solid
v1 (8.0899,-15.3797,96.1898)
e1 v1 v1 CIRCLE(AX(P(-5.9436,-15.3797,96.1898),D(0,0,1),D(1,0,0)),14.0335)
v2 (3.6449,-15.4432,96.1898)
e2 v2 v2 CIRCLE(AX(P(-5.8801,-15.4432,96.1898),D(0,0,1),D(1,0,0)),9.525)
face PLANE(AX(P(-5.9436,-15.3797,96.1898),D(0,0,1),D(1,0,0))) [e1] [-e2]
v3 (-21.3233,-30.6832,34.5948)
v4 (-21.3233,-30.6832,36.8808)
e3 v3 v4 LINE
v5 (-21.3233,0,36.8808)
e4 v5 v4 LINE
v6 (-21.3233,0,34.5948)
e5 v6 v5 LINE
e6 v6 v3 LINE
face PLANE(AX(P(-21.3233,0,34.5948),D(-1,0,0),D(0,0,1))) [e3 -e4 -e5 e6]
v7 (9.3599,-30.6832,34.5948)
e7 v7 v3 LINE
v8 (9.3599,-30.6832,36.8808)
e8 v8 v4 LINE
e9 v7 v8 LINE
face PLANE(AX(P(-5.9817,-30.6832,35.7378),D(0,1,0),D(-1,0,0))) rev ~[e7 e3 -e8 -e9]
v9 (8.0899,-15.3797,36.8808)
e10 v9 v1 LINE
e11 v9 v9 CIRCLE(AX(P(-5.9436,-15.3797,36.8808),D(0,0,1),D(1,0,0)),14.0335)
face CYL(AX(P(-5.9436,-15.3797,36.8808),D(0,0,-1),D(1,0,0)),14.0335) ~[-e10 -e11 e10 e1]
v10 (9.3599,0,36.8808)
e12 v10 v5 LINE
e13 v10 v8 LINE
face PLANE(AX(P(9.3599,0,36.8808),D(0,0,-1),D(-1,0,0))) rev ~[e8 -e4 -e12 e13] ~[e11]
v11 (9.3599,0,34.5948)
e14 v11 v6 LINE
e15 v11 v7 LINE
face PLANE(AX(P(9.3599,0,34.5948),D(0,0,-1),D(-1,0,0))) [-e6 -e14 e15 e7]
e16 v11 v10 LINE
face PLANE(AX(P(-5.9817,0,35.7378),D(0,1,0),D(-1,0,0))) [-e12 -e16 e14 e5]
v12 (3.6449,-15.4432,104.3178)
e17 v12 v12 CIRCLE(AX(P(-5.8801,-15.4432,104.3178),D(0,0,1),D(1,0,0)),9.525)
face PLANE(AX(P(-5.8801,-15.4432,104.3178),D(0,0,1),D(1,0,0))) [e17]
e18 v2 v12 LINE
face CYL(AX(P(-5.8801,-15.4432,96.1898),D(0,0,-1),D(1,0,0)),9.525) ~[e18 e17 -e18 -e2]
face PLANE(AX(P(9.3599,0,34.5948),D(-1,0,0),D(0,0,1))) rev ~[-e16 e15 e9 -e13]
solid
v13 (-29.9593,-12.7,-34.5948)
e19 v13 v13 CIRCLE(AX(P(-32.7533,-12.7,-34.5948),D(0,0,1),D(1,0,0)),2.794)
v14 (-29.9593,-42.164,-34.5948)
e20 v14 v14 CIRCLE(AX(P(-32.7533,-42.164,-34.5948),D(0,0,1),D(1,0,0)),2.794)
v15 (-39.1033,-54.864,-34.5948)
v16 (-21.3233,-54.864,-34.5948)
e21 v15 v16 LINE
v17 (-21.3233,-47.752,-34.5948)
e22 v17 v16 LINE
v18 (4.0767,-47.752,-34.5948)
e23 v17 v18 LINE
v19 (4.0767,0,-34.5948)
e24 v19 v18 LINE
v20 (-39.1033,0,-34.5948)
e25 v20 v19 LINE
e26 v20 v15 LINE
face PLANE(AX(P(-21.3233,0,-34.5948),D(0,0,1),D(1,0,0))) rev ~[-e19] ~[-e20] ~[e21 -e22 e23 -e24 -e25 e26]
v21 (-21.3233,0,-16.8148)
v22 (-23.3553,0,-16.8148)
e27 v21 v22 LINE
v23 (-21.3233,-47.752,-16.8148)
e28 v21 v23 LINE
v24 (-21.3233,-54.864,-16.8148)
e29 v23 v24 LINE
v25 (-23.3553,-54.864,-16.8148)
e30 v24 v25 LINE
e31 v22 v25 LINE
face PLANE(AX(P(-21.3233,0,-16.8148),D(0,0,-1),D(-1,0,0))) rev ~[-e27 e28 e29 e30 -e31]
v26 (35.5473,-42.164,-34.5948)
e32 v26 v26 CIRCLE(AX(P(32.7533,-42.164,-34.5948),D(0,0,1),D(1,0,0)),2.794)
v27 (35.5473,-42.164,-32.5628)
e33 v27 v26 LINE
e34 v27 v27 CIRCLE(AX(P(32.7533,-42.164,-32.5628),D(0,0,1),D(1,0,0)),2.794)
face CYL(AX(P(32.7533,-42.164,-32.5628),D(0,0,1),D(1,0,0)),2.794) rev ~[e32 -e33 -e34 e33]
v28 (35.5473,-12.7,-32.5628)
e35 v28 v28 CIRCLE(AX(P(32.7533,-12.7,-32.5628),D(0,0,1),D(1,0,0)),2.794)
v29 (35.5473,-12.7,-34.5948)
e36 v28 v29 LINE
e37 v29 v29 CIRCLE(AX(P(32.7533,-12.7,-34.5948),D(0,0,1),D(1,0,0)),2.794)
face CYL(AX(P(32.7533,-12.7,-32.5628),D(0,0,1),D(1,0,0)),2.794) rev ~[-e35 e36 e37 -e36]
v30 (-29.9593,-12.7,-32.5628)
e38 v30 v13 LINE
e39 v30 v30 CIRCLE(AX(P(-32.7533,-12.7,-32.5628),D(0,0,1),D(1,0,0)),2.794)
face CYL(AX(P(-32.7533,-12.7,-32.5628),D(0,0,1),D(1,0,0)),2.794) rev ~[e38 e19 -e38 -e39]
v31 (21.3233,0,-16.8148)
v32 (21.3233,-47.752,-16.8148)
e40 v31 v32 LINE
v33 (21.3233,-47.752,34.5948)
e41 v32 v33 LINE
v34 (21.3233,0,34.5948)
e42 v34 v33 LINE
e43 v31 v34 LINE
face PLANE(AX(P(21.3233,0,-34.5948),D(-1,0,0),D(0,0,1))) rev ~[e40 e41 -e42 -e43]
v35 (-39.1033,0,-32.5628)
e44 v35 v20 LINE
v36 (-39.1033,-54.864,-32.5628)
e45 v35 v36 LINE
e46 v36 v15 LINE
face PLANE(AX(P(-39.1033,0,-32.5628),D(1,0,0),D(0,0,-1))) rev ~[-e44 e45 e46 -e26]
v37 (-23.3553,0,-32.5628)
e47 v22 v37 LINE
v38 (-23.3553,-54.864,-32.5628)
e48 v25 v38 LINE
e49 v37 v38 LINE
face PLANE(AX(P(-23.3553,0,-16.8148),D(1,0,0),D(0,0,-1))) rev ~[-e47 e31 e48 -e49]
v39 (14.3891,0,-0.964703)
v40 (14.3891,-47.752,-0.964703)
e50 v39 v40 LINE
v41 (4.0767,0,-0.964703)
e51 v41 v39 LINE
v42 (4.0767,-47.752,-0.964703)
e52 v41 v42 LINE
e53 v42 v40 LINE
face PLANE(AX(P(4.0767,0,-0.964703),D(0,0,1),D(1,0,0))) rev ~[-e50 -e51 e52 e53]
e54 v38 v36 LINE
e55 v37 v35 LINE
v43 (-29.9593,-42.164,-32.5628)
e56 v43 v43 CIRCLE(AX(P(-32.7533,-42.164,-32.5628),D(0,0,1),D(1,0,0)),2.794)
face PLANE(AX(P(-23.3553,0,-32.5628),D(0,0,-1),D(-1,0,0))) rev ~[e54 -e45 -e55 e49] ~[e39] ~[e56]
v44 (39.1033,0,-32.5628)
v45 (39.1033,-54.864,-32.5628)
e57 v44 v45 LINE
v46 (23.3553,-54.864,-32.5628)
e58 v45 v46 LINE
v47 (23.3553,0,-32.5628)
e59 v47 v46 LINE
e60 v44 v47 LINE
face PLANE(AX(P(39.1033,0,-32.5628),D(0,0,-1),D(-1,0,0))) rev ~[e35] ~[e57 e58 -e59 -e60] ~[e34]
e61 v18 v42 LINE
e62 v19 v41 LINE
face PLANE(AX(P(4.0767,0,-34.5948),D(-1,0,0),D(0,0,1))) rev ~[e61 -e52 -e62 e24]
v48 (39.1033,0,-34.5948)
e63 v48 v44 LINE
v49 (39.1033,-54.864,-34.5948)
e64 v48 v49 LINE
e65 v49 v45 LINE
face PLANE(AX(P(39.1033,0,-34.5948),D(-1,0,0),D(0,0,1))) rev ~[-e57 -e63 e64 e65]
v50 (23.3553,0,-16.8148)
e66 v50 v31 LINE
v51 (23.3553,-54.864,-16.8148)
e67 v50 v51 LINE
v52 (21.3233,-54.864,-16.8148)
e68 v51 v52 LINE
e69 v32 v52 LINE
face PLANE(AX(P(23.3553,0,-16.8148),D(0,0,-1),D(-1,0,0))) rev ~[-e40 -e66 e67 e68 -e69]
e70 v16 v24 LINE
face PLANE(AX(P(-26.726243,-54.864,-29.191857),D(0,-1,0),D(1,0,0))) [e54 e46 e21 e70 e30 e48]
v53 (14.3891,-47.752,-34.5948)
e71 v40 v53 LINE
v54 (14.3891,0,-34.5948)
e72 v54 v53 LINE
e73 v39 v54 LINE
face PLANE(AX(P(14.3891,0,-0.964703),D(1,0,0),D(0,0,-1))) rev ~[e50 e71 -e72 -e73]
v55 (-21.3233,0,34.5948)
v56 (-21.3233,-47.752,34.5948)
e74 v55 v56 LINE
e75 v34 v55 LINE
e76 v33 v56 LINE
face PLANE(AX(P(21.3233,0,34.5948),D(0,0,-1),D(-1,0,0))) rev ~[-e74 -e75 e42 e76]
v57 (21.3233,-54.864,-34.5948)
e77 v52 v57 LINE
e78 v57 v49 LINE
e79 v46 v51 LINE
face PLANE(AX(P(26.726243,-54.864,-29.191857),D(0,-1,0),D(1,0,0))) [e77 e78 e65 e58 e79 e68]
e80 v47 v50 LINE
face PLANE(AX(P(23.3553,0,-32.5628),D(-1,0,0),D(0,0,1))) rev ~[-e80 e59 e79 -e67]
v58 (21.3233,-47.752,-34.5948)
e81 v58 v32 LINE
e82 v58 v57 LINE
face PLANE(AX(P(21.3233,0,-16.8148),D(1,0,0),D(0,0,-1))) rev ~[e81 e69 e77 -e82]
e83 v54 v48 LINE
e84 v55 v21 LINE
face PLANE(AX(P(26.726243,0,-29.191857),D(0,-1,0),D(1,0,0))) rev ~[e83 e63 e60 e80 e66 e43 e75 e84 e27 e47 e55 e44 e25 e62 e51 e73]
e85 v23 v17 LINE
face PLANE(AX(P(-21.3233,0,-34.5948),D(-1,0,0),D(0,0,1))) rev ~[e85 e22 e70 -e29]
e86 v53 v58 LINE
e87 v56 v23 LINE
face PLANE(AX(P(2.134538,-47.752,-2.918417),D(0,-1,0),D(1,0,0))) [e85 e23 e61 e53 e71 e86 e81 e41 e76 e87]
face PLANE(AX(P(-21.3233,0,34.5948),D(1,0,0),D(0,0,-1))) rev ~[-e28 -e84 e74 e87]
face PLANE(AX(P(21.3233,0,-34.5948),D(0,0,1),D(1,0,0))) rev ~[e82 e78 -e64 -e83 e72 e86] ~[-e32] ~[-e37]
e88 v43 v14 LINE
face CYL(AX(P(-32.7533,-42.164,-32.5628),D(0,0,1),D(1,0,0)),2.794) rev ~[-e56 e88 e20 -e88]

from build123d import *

# Parameters (mm, degrees)
F1_DEPTH  = 47.752
F2_W      = 30.6832
F2_H      = 2.286
F3_DEPTH  = 30.6832
F4_R      = 14.0335
F5_DEPTH  = 59.309
F6_R      = 9.525
F7_DEPTH  = 8.128
F9_DEPTH  = 54.864
F10_R     = 2.794
F11_DEPTH = 2.032


with BuildPart() as f1:
    # F0 (on Front) → F1 (new body)
    with BuildSketch(Plane.XZ):
        Polygon((21.3233, 34.5948), (-21.3233, 34.5948), (-21.3233, -34.5948), (4.0767, -34.5948), (4.0767, -0.964703), (14.3891, -0.964703), (14.3891, -34.5948), (21.3233, -34.5948), align=None)
    extrude(amount=F1_DEPTH)

    # F8 (on Front) → F9 (join)
    with BuildSketch(Plane.XZ):
        Polygon((21.3233, -16.8148), (21.3233, -34.5948), (39.1033, -34.5948), (39.1033, -32.5628), (23.3553, -32.5628), (23.3553, -16.8148), align=None)
        Polygon((-39.1033, -34.5948), (-21.3233, -34.5948), (-21.3233, -16.8148), (-23.3553, -16.8148), (-23.3553, -32.5628), (-39.1033, -32.5628), align=None)
    extrude(amount=F9_DEPTH)

    # F10 (on face) → F11 (cut)
    with BuildSketch(Plane.XY.offset(-32.5628)):
        with Locations((32.7533, -42.164)):
            Circle(F10_R)
        with Locations((32.7533, -12.7)):
            Circle(F10_R)
        with Locations((-32.7533, -12.7)):
            Circle(F10_R)
        with Locations((-32.7533, -42.164)):
            Circle(F10_R)
    extrude(amount=-F11_DEPTH, mode=Mode.SUBTRACT)


with BuildPart() as f3:
    # F2 (on face) → F3 (new body)
    with BuildSketch(Plane(origin=(0, 0, 0), x_dir=(-1, 0, 0), z_dir=(0, 1, 0))):
        with Locations((5.9817, 35.7378)):
            Rectangle(F2_W, F2_H)
    extrude(amount=-F3_DEPTH)

    # F4 (on face) → F5 (join)
    with BuildSketch(Plane.XY.offset(36.8808)):
        with Locations((-5.9436, -15.3797)):
            Circle(F4_R)
    extrude(amount=F5_DEPTH)

    # F6 (on face) → F7 (join)
    with BuildSketch(Plane.XY.offset(96.1898)):
        with Locations((-5.8801, -15.4432)):
            Circle(F6_R)
    extrude(amount=F7_DEPTH)


solid = Compound([f1.part, f3.part])
